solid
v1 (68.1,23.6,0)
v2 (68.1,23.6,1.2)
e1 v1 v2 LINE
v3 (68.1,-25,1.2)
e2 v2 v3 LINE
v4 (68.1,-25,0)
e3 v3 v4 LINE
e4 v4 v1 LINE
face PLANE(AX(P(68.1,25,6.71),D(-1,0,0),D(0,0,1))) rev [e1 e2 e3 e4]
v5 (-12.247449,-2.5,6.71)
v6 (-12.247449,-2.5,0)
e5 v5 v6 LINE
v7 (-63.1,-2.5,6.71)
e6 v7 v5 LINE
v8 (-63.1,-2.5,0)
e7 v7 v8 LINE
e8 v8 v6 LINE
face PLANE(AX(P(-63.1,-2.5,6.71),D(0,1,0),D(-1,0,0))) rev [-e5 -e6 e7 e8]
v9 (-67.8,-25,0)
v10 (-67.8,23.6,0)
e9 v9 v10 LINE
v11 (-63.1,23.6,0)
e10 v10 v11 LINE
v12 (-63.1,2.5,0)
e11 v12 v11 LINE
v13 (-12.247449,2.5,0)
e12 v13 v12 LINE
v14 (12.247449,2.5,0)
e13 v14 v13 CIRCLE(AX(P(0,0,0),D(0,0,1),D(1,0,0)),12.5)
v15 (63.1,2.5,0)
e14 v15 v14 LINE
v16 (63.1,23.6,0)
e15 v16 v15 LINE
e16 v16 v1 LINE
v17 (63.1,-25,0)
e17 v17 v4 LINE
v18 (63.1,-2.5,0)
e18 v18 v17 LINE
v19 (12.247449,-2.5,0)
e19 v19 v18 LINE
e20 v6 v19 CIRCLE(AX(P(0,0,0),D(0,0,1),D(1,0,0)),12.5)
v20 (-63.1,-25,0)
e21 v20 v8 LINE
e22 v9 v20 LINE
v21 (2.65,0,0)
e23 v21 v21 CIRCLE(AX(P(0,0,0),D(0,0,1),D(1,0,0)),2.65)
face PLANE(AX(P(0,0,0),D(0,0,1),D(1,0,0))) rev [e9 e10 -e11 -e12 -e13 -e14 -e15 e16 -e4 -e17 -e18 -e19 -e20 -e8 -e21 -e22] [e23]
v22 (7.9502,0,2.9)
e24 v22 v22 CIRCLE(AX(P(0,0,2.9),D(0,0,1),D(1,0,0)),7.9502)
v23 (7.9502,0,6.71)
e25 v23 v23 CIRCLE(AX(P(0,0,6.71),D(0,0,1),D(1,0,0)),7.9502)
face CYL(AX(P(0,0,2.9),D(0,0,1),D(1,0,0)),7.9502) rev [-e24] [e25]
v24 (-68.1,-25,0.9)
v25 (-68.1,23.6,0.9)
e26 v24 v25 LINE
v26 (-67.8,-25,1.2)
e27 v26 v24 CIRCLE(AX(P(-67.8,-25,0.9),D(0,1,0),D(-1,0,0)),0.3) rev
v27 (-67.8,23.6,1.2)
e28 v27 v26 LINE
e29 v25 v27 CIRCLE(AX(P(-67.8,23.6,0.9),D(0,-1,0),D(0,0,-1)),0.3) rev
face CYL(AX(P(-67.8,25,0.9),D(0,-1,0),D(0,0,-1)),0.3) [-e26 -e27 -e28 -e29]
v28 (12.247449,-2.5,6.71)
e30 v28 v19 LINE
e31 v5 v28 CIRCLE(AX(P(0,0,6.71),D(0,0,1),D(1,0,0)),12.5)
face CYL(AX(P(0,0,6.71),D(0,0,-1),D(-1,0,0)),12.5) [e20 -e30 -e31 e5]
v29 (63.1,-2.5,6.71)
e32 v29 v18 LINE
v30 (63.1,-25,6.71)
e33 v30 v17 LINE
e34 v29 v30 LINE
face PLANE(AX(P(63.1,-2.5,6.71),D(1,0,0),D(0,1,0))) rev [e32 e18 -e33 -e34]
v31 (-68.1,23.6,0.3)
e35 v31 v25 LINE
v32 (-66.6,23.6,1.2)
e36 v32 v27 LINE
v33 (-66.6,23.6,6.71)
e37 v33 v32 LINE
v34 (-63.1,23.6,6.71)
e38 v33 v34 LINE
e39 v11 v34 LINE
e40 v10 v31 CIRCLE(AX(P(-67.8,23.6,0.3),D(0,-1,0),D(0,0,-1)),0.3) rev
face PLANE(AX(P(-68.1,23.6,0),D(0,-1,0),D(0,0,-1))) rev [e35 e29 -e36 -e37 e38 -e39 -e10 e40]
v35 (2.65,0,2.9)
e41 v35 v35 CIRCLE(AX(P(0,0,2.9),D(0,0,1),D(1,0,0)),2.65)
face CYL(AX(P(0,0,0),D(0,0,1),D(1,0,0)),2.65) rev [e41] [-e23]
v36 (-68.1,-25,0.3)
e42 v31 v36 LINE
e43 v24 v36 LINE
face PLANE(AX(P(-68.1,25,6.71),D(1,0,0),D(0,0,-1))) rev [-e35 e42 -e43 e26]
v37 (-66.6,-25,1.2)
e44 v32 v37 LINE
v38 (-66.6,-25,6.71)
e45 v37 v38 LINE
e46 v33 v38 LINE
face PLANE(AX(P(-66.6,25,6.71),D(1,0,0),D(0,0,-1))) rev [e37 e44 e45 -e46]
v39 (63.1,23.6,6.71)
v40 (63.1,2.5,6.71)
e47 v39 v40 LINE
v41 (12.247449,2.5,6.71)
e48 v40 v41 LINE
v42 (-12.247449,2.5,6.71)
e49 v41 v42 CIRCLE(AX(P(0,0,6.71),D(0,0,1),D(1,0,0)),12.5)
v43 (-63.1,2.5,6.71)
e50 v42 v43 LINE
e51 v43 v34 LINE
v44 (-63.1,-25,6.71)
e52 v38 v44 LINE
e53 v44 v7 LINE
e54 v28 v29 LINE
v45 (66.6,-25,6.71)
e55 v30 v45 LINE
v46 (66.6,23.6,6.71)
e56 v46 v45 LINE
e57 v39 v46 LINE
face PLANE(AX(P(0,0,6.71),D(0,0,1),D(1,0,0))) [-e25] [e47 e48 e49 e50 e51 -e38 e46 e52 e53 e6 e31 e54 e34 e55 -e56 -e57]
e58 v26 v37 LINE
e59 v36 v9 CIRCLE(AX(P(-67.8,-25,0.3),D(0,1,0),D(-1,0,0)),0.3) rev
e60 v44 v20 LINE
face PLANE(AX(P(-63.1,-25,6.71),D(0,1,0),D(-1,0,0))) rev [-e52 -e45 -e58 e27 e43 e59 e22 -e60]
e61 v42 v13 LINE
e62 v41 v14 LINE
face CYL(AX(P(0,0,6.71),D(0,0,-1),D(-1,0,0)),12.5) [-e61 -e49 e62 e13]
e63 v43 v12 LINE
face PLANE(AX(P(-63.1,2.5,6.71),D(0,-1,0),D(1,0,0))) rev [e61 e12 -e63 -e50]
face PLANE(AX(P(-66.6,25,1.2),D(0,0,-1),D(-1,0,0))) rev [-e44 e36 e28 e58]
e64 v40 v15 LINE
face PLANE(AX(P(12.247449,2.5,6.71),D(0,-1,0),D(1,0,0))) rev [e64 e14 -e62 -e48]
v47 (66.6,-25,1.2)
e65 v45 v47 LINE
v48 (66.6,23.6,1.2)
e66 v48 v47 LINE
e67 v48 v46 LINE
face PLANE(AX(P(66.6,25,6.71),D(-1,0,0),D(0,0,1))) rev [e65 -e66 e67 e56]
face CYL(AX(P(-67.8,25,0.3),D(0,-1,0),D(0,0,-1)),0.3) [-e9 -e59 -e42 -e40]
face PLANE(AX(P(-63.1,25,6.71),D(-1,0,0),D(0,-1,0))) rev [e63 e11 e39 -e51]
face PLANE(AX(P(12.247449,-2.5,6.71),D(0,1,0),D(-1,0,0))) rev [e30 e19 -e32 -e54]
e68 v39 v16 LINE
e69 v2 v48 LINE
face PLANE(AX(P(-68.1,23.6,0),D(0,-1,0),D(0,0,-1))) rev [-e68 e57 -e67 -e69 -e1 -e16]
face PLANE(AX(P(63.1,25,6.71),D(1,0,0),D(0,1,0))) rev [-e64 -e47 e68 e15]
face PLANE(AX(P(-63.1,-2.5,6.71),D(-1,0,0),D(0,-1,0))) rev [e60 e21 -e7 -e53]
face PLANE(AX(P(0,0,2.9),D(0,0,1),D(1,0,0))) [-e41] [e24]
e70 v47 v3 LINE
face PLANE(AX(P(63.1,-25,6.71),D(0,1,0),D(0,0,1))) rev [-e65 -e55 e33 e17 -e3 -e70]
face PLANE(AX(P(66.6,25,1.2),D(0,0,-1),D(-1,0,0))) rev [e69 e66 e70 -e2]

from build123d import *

# Parameters (mm, degrees)
BOSS_EXTRUDE1_DEPTH = 6.71
SKETCH2_W           = 1.5
SKETCH2_H           = 5.51
CUT_EXTRUDE1_DEPTH  = 51
SKETCH3_R           = 7.9502
CUT_EXTRUDE2_DEPTH  = 3.81
SKETCH4_W           = 136.2
SKETCH4_H           = 1.4
CUT_EXTRUDE3_DEPTH  = 7.71
SKETCH5_R           = 2.65
CUT_EXTRUDE4_DEPTH  = 3.9
FILLET1_R           = 0.3


with BuildPart() as part:
    # Sketch1 → Boss-Extrude1 (new body)
    with BuildSketch(Plane.XY):
        with BuildLine():
            Line((-63.1, 2.5), (-12.247448714, 2.5))
            ThreePointArc((-12.247448714, 2.5), (0, 12.5), (12.247448714, 2.5))
            Line((12.247448714, 2.5), (63.1, 2.5))
            Line((63.1, 2.5), (63.1, 25))
            Line((63.1, 25), (68.1, 25))
            Line((68.1, 25), (68.1, -25))
            Line((68.1, -25), (63.1, -25))
            Line((63.1, -25), (63.1, -2.5))
            Line((63.1, -2.5), (12.247448714, -2.5))
            ThreePointArc((12.247448714, -2.5), (0, -12.5), (-12.247448714, -2.5))
            Line((-12.247448714, -2.5), (-63.1, -2.5))
            Line((-63.1, -2.5), (-63.1, -25))
            Line((-63.1, -25), (-68.1, -25))
            Line((-68.1, -25), (-68.1, 25))
            Line((-68.1, 25), (-63.1, 25))
            Line((-63.1, 25), (-63.1, 2.5))
        make_face()
    extrude(amount=BOSS_EXTRUDE1_DEPTH)

    # Sketch2 → Cut-Extrude1 (cut, through all)
    with BuildSketch(Plane.XZ.offset(25)):
        with Locations((67.35, 3.955)):
            Rectangle(SKETCH2_W, SKETCH2_H)
        with Locations((-67.35, 3.955)):
            Rectangle(SKETCH2_W, SKETCH2_H)
    extrude(amount=-CUT_EXTRUDE1_DEPTH, mode=Mode.SUBTRACT)

    # Sketch3 → Cut-Extrude2 (cut)
    with BuildSketch(Plane.XY.offset(6.71)):
        Circle(SKETCH3_R)
    extrude(amount=-CUT_EXTRUDE2_DEPTH, mode=Mode.SUBTRACT)

    # Sketch4 → Cut-Extrude3 (cut, through all)
    with BuildSketch(Plane.XY.offset(6.71)):
        with Locations((0, 24.3)):
            Rectangle(SKETCH4_W, SKETCH4_H)
    extrude(amount=-CUT_EXTRUDE3_DEPTH, mode=Mode.SUBTRACT)

    # Sketch5 → Cut-Extrude4 (cut, through all)
    with BuildSketch(Plane.XY.offset(2.9)):
        Circle(SKETCH5_R)
    extrude(amount=-CUT_EXTRUDE4_DEPTH, mode=Mode.SUBTRACT)

    # Fillet1
    fillet1_edges = [part.edges().sort_by_distance(p)[0] for p in [
        (-68.1, -0.7, 1.2),
        (-68.1, -0.7, 0),
    ]]
    fillet(fillet1_edges, radius=FILLET1_R)


solid = part.part
